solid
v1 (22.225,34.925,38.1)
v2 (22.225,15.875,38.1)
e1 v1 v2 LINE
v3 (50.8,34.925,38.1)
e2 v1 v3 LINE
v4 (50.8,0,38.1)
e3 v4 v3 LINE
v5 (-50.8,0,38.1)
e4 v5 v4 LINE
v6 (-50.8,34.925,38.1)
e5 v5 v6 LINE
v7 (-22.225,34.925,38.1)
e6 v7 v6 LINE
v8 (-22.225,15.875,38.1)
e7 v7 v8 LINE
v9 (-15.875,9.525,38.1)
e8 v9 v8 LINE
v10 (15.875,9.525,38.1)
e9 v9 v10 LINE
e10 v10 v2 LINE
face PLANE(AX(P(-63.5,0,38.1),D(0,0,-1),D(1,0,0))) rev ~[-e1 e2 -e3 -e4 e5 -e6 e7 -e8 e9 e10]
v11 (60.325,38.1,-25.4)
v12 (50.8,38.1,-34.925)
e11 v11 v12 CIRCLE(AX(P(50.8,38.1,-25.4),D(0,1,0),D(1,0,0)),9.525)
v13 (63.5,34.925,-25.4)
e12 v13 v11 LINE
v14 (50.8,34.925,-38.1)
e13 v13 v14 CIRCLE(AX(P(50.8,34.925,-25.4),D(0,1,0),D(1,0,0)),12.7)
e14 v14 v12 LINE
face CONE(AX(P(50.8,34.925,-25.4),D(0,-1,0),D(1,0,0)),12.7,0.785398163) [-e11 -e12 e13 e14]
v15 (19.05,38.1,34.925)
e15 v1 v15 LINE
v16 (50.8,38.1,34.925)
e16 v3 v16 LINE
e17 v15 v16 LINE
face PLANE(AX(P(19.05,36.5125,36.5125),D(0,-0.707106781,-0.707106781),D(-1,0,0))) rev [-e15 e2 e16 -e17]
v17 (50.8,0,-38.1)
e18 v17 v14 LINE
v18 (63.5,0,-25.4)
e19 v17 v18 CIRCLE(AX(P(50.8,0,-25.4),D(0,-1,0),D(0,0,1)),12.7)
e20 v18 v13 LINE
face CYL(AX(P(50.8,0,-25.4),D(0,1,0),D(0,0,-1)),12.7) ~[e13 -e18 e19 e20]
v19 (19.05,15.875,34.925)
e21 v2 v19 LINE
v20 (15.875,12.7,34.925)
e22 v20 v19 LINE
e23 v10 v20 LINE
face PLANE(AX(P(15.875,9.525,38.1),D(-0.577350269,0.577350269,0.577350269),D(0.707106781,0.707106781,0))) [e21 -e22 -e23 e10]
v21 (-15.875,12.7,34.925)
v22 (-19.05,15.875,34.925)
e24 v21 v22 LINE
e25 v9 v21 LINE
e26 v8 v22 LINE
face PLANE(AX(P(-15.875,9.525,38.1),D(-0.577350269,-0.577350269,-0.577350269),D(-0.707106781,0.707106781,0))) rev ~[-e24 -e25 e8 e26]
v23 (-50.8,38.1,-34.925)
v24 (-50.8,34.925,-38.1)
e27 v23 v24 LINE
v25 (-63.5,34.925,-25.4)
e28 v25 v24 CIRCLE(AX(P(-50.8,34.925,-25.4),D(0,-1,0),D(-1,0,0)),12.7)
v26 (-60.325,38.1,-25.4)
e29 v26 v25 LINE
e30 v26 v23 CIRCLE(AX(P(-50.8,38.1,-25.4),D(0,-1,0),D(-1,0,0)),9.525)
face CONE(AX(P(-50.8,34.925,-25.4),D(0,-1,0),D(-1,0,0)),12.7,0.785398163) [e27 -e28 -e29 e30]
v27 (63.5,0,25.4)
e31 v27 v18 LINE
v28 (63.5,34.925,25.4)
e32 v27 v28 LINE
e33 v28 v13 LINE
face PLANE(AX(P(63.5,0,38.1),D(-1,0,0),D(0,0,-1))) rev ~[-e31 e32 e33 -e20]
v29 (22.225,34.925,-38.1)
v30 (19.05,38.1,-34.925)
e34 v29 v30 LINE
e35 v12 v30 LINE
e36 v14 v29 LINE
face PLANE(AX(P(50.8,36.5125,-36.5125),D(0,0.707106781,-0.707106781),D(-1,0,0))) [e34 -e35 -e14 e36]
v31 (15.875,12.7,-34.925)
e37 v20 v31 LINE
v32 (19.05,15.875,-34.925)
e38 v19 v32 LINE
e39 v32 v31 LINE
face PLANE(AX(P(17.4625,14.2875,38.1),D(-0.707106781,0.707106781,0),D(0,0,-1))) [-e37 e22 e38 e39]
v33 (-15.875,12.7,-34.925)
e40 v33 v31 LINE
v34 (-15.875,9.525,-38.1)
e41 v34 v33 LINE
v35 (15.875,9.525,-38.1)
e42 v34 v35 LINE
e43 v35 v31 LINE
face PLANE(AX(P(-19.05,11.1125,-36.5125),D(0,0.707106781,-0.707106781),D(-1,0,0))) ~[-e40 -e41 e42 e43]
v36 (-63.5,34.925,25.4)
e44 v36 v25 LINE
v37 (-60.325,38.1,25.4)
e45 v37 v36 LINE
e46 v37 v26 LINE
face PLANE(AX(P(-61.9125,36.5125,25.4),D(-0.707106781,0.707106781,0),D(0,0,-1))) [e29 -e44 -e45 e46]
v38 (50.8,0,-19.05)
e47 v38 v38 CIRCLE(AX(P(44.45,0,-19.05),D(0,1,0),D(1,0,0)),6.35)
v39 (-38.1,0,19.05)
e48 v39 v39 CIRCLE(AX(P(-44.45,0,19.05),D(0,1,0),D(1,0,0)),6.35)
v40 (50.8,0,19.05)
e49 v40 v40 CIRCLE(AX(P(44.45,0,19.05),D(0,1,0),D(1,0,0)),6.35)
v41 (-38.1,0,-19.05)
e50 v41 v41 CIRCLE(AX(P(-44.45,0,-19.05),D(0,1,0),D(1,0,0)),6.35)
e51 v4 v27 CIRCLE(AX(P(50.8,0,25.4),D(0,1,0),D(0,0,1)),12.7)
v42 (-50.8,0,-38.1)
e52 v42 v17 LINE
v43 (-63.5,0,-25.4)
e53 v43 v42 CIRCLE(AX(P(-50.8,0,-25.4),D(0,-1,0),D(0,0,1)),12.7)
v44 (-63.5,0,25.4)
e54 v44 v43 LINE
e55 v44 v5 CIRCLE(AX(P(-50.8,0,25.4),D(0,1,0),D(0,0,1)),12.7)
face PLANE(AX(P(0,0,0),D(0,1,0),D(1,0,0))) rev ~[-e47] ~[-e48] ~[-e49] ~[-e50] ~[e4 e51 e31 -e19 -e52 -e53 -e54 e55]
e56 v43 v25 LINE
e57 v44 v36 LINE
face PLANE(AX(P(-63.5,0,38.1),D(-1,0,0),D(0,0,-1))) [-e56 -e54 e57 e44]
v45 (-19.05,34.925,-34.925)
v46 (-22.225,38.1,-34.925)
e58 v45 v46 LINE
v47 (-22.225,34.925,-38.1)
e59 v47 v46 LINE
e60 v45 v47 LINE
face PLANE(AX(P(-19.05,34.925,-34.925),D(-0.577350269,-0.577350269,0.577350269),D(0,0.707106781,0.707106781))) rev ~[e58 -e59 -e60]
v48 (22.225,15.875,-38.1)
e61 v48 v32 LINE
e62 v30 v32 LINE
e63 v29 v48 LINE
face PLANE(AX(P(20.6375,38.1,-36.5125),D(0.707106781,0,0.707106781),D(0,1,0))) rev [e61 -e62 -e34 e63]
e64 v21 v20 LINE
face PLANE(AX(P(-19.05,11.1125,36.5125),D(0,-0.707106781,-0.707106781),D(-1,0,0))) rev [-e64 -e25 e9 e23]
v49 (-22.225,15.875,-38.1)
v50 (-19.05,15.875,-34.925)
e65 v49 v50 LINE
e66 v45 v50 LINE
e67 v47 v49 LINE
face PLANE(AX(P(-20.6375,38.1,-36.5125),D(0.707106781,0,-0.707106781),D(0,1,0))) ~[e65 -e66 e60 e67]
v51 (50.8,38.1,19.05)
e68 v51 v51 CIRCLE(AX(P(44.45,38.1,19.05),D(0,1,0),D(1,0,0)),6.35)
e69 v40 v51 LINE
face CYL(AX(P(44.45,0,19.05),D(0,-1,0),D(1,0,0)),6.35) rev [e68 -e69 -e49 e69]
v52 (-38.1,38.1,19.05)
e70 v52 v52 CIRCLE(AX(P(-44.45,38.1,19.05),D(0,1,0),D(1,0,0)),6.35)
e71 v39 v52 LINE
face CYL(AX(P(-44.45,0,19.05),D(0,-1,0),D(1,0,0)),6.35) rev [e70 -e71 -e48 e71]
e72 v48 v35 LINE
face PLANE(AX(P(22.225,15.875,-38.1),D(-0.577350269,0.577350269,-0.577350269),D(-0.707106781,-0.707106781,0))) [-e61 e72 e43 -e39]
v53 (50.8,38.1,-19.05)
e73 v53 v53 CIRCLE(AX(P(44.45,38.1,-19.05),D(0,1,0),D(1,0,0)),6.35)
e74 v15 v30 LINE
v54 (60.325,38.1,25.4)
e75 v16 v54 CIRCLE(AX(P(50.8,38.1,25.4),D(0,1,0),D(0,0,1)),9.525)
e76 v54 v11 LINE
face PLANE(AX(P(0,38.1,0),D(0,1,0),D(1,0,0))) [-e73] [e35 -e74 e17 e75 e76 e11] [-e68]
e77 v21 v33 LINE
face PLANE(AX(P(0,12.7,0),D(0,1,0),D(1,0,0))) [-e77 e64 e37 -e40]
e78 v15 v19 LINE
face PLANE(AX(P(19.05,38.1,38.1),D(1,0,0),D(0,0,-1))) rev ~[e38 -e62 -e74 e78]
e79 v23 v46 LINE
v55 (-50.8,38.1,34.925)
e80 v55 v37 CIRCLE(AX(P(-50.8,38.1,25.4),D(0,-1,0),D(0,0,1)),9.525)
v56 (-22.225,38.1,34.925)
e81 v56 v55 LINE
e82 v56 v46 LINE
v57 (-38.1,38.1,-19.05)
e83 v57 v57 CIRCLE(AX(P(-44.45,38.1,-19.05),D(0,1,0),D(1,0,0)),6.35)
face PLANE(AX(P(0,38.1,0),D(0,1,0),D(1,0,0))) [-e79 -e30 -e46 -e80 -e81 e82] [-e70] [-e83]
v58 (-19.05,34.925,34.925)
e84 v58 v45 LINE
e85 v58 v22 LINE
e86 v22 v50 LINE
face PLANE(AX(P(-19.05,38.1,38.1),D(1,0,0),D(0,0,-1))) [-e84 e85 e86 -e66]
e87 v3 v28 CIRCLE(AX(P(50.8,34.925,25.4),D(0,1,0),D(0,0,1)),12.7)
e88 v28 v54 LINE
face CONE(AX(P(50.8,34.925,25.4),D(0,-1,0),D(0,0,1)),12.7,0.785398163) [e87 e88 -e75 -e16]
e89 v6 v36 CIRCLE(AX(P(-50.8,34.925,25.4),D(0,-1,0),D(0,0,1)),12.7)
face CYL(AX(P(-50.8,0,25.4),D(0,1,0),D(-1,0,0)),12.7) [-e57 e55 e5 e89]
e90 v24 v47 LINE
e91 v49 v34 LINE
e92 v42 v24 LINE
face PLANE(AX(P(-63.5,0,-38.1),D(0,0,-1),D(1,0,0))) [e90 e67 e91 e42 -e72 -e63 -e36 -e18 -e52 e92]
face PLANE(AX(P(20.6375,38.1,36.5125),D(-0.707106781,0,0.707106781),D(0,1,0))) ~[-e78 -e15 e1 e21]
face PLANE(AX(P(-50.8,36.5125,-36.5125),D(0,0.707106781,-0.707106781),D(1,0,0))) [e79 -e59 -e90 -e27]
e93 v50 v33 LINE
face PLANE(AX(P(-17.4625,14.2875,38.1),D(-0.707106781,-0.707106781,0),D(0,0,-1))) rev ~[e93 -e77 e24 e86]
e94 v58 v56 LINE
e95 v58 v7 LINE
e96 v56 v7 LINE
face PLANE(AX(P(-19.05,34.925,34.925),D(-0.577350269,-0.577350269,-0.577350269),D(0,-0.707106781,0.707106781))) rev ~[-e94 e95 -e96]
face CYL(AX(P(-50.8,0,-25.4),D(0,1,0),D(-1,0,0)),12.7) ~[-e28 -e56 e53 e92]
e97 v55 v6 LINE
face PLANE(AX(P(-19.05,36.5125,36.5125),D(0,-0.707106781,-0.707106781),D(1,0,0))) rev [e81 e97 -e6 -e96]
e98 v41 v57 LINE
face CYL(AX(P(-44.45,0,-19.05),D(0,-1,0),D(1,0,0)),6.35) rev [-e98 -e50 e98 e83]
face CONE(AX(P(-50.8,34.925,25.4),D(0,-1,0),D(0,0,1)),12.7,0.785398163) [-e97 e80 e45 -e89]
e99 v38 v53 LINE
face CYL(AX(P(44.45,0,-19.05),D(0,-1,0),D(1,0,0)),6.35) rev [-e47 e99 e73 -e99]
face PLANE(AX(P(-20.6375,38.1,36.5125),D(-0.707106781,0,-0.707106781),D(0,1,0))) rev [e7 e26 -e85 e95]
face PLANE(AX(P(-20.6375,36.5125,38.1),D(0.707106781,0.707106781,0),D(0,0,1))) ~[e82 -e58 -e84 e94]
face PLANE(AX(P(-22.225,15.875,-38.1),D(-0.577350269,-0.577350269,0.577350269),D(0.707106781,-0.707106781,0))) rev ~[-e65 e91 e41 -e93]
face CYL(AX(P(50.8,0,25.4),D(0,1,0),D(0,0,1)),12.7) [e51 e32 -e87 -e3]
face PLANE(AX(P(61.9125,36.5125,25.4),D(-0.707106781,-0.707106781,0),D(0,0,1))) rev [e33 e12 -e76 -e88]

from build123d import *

# Parameters (mm, degrees)
SKETCH2_W           = 127
SKETCH2_H           = 76.2
SKETCH2_R           = 6.35
BOSS_EXTRUDE1_DEPTH = 38.1
SKETCH3_W           = 38.1
SKETCH3_H           = 76.2
CUT_EXTRUDE2_DEPTH  = 25.4
FILLET1_R           = 12.7
CHAMFER1_SIZE       = 3.175


with BuildPart() as part:
    # Sketch2 → Boss-Extrude1 (new body)
    with BuildSketch(Plane(origin=(0, 0, 0), x_dir=(1, 0, 0), z_dir=(0, 1, 0))):
        Rectangle(SKETCH2_W, SKETCH2_H)
        with Locations((-44.45, 19.05)):
            Circle(SKETCH2_R, mode=Mode.SUBTRACT)
        with Locations((44.45, 19.05)):
            Circle(SKETCH2_R, mode=Mode.SUBTRACT)
        with Locations((-44.45, -19.05)):
            Circle(SKETCH2_R, mode=Mode.SUBTRACT)
        with Locations((44.45, -19.05)):
            Circle(SKETCH2_R, mode=Mode.SUBTRACT)
    extrude(amount=BOSS_EXTRUDE1_DEPTH)

    # Sketch3 → Cut-Extrude2 (cut)
    with BuildSketch(Plane(origin=(0, 38.1, 0), x_dir=(1, 0, 0), z_dir=(0, 1, 0))):
        Rectangle(SKETCH3_W, SKETCH3_H)
    extrude(amount=-CUT_EXTRUDE2_DEPTH, mode=Mode.SUBTRACT)

    # Fillet1
    fillet1_edges = [part.edges().sort_by_distance(p)[0] for p in [
        (63.5, 19.05, 38.1),
        (-63.5, 19.05, 38.1),
        (-63.5, 19.05, -38.1),
        (63.5, 19.05, -38.1),
    ]]
    fillet(fillet1_edges, radius=FILLET1_R)

    # Chamfer1
    chamfer1_edges = [part.edges().sort_by_distance(p)[0] for p in [
        (34.925, 38.1, 38.1),
        (-34.925, 38.1, -38.1),
        (-19.05, 25.4, -38.1),
        (19.05, 12.7, 0),
        (19.05, 25.4, -38.1),
        (0, 12.7, 38.1),
        (19.05, 25.4, 38.1),
        (-19.05, 38.1, 0),
        (-19.05, 25.4, 38.1),
        (0, 12.7, -38.1),
        (-19.05, 12.7, 0),
        (-63.5, 38.1, 0),
        (34.925, 38.1, -38.1),
        (-34.925, 38.1, 38.1),
        (-59.780256121, 38.1, 34.380256121),
        (-59.780256121, 38.1, -34.380256121),
        (63.5, 38.1, 0),
        (59.780256121, 38.1, 34.380256121),
        (59.780256121, 38.1, -34.380256121),
    ]]
    chamfer(chamfer1_edges, length=CHAMFER1_SIZE)


solid = part.part
